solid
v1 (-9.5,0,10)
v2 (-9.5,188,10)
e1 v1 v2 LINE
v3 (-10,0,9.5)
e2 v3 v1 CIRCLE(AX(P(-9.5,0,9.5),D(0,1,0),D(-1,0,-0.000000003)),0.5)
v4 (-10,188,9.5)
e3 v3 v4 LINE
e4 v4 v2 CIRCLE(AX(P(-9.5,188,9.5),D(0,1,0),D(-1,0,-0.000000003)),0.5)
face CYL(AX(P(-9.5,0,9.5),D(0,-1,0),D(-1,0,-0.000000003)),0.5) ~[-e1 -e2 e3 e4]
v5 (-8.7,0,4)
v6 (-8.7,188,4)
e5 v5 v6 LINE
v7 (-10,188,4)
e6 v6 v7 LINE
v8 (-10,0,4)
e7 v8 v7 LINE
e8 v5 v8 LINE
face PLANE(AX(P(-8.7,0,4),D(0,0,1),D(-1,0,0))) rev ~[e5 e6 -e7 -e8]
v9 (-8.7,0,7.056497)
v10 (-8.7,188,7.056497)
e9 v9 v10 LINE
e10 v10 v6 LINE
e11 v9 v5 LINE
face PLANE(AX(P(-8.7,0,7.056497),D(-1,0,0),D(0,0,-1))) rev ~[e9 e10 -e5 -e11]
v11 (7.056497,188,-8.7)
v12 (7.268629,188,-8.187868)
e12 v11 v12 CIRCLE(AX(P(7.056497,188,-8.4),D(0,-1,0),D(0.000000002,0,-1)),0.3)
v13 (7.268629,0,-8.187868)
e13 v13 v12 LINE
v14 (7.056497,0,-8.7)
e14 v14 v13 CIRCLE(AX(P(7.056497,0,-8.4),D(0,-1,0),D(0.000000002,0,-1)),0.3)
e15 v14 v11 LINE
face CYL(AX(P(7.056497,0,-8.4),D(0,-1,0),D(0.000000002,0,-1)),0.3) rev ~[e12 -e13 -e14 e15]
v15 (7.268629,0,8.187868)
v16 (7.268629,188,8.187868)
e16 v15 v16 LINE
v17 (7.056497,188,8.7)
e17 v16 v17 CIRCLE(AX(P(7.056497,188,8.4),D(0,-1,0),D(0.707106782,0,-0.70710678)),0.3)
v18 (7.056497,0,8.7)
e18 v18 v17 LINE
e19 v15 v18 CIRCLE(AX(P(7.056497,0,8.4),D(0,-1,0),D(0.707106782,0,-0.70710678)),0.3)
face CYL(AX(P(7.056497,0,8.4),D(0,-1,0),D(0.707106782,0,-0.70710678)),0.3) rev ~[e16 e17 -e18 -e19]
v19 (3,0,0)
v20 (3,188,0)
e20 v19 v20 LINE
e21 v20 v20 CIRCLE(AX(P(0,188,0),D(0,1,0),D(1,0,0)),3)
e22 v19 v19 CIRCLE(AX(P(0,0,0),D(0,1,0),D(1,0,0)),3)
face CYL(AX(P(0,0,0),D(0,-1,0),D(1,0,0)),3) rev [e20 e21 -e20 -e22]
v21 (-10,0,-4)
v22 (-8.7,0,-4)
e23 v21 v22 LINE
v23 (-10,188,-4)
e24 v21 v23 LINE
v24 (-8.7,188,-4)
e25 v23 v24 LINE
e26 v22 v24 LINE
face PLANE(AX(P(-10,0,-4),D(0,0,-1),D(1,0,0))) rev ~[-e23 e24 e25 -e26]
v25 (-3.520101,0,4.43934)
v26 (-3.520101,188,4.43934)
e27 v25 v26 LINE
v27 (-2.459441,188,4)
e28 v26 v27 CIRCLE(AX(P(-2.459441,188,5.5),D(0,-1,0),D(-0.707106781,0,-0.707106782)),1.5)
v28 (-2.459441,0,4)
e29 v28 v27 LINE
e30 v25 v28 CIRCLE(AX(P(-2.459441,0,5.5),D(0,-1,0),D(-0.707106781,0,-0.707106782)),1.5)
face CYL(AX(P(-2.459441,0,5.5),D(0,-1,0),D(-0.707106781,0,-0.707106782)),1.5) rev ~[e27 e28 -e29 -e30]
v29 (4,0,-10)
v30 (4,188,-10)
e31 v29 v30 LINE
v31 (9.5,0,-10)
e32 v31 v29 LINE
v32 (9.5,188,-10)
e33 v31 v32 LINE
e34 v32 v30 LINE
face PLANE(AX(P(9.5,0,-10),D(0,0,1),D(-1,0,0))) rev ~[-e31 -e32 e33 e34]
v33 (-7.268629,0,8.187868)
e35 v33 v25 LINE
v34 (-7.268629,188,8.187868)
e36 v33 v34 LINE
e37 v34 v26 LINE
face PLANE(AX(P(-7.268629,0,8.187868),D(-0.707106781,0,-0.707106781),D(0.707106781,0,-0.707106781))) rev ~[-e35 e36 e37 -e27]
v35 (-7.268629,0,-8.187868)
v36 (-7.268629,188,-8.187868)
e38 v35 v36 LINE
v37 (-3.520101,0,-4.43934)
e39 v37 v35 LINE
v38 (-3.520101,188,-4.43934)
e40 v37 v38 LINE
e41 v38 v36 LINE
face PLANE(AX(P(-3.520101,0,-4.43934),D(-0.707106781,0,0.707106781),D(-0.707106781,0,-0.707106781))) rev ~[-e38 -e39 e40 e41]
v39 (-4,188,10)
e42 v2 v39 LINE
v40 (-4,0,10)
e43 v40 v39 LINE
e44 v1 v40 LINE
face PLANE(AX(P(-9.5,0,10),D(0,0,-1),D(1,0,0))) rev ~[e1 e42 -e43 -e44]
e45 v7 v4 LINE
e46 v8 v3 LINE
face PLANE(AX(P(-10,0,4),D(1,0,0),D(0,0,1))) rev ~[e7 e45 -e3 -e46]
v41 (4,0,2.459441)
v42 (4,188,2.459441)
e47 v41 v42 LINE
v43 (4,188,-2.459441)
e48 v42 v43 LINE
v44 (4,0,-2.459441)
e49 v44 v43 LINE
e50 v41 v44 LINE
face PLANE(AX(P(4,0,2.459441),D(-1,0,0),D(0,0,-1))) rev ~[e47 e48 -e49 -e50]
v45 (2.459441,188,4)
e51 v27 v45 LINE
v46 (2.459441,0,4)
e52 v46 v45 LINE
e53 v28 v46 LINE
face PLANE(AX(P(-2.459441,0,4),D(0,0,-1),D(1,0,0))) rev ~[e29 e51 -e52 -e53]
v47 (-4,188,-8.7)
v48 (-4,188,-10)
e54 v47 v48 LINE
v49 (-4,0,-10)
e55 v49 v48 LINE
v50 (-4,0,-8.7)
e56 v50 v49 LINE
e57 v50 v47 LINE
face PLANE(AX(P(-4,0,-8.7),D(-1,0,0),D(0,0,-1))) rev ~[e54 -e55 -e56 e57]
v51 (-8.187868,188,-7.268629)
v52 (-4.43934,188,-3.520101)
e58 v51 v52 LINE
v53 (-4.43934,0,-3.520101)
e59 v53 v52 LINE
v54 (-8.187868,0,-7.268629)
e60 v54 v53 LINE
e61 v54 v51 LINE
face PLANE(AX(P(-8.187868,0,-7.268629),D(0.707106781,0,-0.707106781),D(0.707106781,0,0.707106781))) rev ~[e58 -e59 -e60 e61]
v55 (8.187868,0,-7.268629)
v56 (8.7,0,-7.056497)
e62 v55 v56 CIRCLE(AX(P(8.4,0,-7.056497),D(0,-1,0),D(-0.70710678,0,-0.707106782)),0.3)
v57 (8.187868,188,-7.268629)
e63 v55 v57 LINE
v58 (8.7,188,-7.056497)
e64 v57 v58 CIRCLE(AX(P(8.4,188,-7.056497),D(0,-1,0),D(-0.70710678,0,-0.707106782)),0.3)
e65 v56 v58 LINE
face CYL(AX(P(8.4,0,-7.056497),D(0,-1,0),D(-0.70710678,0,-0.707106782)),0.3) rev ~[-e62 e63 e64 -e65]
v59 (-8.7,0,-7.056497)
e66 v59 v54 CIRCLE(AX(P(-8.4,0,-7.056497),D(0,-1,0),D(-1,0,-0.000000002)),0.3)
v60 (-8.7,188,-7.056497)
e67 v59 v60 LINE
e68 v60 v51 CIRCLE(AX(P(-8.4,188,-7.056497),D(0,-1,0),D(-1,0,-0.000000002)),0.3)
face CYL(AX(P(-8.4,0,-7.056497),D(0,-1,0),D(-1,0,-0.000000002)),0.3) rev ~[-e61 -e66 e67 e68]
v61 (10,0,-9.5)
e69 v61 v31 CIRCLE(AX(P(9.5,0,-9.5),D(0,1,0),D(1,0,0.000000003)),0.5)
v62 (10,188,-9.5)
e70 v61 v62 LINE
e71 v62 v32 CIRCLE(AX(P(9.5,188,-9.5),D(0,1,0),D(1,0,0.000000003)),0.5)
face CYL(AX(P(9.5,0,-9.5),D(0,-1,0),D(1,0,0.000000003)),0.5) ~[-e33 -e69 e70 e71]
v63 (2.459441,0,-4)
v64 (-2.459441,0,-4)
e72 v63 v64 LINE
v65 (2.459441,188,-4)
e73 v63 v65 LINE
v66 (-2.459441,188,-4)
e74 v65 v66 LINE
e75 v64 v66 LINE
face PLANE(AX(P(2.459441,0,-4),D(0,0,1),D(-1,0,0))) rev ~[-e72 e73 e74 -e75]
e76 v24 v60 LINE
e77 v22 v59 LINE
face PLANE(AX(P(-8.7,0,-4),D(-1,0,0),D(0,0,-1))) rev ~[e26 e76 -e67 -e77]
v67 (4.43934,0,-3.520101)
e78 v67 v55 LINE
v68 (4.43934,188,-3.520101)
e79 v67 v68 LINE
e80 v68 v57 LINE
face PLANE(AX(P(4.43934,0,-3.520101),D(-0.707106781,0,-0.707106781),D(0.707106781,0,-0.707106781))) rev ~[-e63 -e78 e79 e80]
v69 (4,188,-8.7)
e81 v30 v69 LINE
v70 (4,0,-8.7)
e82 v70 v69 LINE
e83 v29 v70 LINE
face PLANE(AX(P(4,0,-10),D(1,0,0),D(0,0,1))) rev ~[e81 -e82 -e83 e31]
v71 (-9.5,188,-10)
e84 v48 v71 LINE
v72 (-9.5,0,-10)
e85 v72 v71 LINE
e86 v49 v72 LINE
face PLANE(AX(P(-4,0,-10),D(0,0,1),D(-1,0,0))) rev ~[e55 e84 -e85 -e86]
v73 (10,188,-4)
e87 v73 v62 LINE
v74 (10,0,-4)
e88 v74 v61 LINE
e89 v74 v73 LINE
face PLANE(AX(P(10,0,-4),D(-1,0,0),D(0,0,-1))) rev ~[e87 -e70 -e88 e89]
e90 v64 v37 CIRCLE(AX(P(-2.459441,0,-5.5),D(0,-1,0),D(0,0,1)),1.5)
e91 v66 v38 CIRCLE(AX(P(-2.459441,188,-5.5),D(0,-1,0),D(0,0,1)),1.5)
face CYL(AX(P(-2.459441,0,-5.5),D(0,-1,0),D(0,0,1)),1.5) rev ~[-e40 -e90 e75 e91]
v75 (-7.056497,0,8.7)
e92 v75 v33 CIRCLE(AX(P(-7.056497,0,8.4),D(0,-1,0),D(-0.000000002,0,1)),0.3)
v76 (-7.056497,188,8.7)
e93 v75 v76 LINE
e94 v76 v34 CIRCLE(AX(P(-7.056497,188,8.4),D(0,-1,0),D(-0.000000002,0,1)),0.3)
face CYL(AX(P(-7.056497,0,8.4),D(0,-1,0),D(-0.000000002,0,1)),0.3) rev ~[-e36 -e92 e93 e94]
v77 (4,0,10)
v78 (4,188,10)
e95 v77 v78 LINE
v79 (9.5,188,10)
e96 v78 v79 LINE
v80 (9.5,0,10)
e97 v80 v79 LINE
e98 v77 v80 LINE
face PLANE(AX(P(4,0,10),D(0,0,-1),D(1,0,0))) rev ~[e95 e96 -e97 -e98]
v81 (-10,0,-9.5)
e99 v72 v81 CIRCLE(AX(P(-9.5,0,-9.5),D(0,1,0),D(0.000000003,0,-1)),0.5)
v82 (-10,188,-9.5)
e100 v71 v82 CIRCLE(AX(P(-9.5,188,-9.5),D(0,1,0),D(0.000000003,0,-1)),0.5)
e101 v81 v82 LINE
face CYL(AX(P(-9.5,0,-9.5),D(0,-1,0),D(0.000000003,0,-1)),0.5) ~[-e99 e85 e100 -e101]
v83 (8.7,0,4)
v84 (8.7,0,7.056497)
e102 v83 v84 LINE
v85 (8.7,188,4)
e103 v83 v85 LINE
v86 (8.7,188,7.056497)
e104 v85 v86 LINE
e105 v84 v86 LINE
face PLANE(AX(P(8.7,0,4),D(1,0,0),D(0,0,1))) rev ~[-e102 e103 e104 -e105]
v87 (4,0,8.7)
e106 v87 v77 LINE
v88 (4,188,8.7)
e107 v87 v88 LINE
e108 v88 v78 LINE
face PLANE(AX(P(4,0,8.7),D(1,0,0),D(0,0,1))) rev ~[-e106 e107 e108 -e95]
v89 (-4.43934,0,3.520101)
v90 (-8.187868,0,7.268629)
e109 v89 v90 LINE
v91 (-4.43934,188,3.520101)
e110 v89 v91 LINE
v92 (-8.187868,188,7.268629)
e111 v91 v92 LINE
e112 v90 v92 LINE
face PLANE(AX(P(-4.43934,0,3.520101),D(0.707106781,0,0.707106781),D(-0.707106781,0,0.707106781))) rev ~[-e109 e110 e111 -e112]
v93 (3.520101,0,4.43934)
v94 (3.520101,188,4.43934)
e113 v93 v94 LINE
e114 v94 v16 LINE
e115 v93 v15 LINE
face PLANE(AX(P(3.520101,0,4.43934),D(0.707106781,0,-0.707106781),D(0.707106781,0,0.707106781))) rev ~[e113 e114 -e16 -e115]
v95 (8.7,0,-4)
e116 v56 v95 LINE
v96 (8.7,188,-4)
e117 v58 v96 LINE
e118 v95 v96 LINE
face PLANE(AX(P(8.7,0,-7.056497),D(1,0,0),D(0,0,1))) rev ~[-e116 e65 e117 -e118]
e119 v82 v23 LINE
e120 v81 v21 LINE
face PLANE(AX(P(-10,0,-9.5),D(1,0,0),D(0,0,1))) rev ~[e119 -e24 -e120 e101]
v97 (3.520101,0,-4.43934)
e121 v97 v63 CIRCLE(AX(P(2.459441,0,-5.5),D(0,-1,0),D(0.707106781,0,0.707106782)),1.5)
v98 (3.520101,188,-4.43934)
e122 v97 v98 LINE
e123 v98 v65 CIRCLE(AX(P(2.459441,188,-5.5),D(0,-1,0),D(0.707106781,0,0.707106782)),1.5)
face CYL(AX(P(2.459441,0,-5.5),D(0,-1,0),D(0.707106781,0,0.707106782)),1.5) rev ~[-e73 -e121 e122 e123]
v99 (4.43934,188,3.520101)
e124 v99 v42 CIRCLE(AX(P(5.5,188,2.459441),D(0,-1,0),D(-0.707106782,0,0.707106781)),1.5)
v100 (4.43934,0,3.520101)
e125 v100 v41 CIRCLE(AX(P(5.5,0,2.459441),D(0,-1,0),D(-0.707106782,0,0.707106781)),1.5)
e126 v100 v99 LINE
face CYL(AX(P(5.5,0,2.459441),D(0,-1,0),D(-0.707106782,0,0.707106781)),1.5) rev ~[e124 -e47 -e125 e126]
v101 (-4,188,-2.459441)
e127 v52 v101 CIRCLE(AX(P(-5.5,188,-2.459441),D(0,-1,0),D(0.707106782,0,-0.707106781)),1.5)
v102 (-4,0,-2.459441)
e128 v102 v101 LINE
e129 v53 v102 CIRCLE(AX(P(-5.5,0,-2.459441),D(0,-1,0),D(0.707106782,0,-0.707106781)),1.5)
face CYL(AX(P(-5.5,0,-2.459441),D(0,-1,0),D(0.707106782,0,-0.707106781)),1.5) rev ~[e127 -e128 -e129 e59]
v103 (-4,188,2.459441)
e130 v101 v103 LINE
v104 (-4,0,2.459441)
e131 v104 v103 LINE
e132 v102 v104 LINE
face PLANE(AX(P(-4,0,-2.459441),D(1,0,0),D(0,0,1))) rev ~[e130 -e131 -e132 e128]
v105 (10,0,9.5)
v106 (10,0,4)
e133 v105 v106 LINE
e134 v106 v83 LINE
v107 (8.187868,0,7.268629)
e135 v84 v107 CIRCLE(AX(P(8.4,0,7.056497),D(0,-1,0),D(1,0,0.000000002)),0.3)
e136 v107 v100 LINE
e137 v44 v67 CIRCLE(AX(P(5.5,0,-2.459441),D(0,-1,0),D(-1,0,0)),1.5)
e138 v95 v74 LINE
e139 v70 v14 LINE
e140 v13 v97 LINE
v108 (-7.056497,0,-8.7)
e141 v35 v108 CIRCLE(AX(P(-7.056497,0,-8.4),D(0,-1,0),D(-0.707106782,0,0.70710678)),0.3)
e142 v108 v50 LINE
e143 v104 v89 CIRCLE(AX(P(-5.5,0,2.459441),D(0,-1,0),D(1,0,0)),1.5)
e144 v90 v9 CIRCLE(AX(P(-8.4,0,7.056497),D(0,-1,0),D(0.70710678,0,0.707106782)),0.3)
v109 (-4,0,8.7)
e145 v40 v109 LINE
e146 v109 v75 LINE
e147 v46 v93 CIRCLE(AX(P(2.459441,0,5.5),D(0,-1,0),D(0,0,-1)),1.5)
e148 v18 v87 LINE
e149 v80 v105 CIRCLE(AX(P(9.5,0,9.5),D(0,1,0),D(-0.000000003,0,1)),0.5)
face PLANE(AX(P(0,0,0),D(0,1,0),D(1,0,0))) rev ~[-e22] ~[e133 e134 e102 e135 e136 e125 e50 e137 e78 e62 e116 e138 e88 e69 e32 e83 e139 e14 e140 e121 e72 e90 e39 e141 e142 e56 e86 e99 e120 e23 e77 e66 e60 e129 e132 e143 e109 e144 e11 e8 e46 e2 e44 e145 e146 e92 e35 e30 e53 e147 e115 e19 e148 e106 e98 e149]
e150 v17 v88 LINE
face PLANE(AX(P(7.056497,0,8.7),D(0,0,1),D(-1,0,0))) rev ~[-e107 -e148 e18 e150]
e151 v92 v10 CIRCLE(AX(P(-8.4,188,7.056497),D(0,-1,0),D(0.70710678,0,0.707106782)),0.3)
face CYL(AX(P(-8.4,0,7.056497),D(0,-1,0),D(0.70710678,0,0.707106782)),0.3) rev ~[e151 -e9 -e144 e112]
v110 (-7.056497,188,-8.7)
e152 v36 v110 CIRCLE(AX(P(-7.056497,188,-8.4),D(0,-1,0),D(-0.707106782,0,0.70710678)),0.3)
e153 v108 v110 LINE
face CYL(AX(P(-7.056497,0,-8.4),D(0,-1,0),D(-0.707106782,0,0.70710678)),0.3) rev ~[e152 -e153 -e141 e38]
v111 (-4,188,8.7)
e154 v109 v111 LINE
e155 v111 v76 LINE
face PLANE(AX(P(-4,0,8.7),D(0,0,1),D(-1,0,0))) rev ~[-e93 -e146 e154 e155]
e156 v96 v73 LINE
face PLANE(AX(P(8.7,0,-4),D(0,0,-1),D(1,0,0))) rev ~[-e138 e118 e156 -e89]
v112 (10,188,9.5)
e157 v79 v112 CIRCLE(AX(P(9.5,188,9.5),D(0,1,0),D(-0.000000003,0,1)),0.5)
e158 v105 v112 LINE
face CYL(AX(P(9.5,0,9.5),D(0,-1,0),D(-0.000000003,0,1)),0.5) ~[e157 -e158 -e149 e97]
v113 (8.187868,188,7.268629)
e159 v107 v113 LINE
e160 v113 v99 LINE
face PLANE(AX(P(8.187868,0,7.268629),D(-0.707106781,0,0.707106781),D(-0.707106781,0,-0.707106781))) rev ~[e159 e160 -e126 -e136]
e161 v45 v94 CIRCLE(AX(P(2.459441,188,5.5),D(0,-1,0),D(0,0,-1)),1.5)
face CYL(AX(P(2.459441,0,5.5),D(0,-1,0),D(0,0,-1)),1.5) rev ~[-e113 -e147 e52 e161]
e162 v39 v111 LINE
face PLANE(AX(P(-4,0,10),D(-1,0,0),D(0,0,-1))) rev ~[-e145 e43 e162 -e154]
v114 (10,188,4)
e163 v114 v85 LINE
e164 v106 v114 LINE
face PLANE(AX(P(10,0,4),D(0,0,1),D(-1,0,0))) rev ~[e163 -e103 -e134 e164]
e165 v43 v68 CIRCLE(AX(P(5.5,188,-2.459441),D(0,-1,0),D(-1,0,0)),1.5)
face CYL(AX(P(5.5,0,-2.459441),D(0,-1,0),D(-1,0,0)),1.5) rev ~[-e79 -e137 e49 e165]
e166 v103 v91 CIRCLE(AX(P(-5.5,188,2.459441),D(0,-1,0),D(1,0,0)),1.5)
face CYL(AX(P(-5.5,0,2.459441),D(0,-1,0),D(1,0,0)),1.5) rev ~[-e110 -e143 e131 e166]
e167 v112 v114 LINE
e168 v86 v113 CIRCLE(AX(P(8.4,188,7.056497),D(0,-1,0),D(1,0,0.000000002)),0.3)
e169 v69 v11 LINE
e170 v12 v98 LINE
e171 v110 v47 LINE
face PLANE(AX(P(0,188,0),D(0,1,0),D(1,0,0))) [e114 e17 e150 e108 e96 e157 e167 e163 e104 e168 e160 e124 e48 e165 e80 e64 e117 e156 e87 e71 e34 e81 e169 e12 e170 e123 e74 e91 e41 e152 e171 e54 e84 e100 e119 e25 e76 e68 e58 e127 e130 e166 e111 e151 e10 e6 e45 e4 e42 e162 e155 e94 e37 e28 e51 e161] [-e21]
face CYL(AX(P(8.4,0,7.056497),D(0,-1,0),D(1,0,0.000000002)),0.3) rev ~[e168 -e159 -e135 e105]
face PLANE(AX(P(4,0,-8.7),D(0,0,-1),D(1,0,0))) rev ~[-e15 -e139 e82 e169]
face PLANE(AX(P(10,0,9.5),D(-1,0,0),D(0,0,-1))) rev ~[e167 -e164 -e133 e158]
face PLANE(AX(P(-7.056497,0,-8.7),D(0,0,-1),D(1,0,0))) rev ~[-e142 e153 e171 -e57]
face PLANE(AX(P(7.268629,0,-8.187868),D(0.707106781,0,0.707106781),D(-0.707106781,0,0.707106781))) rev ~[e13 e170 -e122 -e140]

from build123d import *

# Parameters (mm, degrees)
ESBO_O1_R                = 3
RESSALTO_EXTRUS_O1_DEPTH = 188


with BuildPart() as part:
    # Esboço1 → Ressalto-extrusão1 (new body)
    with BuildSketch(Plane(origin=(0, 0, 0), x_dir=(1, 0, 0), z_dir=(0, 1, 0))):
        with BuildLine():
            Line((-7.056497116, 8.7), (-4, 8.7))
            Line((-4, 8.7), (-4, 10))
            Line((-4, 10), (-9.5, 10))
            ThreePointArc((-9.5, 10), (-9.853553391, 9.853553391), (-10, 9.5))
            Line((-10, 9.5), (-10, 4))
            Line((-10, 4), (-8.7, 4))
            Line((-8.7, 4), (-8.7, 7.056497116))
            ThreePointArc((-8.7, 7.056497116), (-8.51480503, 7.333660975), (-8.187867966, 7.26862915))
            Line((-8.187867966, 7.26862915), (-4.439339828, 3.520101013))
            ThreePointArc((-4.439339828, 3.520101013), (-4.114180701, 3.033465989), (-4, 2.459440841))
            Line((-4, 2.459440841), (-4, -2.459440841))
            ThreePointArc((-4, -2.459440841), (-4.114180701, -3.033465989), (-4.439339828, -3.520101013))
            Line((-4.439339828, -3.520101013), (-8.187867966, -7.26862915))
            ThreePointArc((-8.187867966, -7.26862915), (-8.51480503, -7.333660975), (-8.7, -7.056497116))
            Line((-8.7, -7.056497116), (-8.7, -4))
            Line((-8.7, -4), (-10, -4))
            Line((-10, -4), (-10, -9.5))
            ThreePointArc((-10, -9.5), (-9.853553391, -9.853553391), (-9.5, -10))
            Line((-9.5, -10), (-4, -10))
            Line((-4, -10), (-4, -8.7))
            Line((-4, -8.7), (-7.056497116, -8.7))
            ThreePointArc((-7.056497116, -8.7), (-7.333660975, -8.51480503), (-7.26862915, -8.187867966))
            Line((-7.26862915, -8.187867966), (-3.520101013, -4.439339828))
            ThreePointArc((-3.520101013, -4.439339828), (-3.033465989, -4.114180701), (-2.459440841, -4))
            Line((-2.459440841, -4), (2.459440841, -4))
            ThreePointArc((2.459440841, -4), (3.033465989, -4.114180701), (3.520101013, -4.439339828))
            Line((3.520101013, -4.439339828), (7.26862915, -8.187867966))
            ThreePointArc((7.26862915, -8.187867966), (7.333660975, -8.51480503), (7.056497116, -8.7))
            Line((7.056497116, -8.7), (4, -8.7))
            Line((4, -8.7), (4, -10))
            Line((4, -10), (9.5, -10))
            ThreePointArc((9.5, -10), (9.853553391, -9.853553391), (10, -9.5))
            Line((10, -9.5), (10, -4))
            Line((10, -4), (8.7, -4))
            Line((8.7, -4), (8.7, -7.056497116))
            ThreePointArc((8.7, -7.056497116), (8.51480503, -7.333660975), (8.187867966, -7.26862915))
            Line((8.187867966, -7.26862915), (4.439339828, -3.520101013))
            ThreePointArc((4.439339828, -3.520101013), (4.114180701, -3.033465989), (4, -2.459440841))
            Line((4, -2.459440841), (4, 2.459440841))
            ThreePointArc((4, 2.459440841), (4.114180701, 3.033465989), (4.439339828, 3.520101013))
            Line((4.439339828, 3.520101013), (8.187867966, 7.26862915))
            ThreePointArc((8.187867966, 7.26862915), (8.51480503, 7.333660975), (8.7, 7.056497116))
            Line((8.7, 7.056497116), (8.7, 4))
            Line((8.7, 4), (10, 4))
            Line((10, 4), (10, 9.5))
            ThreePointArc((10, 9.5), (9.853553391, 9.853553391), (9.5, 10))
            Line((9.5, 10), (4, 10))
            Line((4, 10), (4, 8.7))
            Line((4, 8.7), (7.056497116, 8.7))
            ThreePointArc((7.056497116, 8.7), (7.333660975, 8.51480503), (7.26862915, 8.187867966))
            Line((7.26862915, 8.187867966), (3.520101013, 4.439339828))
            ThreePointArc((3.520101013, 4.439339828), (3.033465989, 4.114180701), (2.459440841, 4))
            Line((2.459440841, 4), (-2.459440841, 4))
            ThreePointArc((-2.459440841, 4), (-3.033465989, 4.114180701), (-3.520101013, 4.439339828))
            Line((-3.520101013, 4.439339828), (-7.26862915, 8.187867966))
            ThreePointArc((-7.26862915, 8.187867966), (-7.333660975, 8.51480503), (-7.056497116, 8.7))
        make_face()
        Circle(ESBO_O1_R, mode=Mode.SUBTRACT)
    extrude(amount=RESSALTO_EXTRUS_O1_DEPTH)


solid = part.part
